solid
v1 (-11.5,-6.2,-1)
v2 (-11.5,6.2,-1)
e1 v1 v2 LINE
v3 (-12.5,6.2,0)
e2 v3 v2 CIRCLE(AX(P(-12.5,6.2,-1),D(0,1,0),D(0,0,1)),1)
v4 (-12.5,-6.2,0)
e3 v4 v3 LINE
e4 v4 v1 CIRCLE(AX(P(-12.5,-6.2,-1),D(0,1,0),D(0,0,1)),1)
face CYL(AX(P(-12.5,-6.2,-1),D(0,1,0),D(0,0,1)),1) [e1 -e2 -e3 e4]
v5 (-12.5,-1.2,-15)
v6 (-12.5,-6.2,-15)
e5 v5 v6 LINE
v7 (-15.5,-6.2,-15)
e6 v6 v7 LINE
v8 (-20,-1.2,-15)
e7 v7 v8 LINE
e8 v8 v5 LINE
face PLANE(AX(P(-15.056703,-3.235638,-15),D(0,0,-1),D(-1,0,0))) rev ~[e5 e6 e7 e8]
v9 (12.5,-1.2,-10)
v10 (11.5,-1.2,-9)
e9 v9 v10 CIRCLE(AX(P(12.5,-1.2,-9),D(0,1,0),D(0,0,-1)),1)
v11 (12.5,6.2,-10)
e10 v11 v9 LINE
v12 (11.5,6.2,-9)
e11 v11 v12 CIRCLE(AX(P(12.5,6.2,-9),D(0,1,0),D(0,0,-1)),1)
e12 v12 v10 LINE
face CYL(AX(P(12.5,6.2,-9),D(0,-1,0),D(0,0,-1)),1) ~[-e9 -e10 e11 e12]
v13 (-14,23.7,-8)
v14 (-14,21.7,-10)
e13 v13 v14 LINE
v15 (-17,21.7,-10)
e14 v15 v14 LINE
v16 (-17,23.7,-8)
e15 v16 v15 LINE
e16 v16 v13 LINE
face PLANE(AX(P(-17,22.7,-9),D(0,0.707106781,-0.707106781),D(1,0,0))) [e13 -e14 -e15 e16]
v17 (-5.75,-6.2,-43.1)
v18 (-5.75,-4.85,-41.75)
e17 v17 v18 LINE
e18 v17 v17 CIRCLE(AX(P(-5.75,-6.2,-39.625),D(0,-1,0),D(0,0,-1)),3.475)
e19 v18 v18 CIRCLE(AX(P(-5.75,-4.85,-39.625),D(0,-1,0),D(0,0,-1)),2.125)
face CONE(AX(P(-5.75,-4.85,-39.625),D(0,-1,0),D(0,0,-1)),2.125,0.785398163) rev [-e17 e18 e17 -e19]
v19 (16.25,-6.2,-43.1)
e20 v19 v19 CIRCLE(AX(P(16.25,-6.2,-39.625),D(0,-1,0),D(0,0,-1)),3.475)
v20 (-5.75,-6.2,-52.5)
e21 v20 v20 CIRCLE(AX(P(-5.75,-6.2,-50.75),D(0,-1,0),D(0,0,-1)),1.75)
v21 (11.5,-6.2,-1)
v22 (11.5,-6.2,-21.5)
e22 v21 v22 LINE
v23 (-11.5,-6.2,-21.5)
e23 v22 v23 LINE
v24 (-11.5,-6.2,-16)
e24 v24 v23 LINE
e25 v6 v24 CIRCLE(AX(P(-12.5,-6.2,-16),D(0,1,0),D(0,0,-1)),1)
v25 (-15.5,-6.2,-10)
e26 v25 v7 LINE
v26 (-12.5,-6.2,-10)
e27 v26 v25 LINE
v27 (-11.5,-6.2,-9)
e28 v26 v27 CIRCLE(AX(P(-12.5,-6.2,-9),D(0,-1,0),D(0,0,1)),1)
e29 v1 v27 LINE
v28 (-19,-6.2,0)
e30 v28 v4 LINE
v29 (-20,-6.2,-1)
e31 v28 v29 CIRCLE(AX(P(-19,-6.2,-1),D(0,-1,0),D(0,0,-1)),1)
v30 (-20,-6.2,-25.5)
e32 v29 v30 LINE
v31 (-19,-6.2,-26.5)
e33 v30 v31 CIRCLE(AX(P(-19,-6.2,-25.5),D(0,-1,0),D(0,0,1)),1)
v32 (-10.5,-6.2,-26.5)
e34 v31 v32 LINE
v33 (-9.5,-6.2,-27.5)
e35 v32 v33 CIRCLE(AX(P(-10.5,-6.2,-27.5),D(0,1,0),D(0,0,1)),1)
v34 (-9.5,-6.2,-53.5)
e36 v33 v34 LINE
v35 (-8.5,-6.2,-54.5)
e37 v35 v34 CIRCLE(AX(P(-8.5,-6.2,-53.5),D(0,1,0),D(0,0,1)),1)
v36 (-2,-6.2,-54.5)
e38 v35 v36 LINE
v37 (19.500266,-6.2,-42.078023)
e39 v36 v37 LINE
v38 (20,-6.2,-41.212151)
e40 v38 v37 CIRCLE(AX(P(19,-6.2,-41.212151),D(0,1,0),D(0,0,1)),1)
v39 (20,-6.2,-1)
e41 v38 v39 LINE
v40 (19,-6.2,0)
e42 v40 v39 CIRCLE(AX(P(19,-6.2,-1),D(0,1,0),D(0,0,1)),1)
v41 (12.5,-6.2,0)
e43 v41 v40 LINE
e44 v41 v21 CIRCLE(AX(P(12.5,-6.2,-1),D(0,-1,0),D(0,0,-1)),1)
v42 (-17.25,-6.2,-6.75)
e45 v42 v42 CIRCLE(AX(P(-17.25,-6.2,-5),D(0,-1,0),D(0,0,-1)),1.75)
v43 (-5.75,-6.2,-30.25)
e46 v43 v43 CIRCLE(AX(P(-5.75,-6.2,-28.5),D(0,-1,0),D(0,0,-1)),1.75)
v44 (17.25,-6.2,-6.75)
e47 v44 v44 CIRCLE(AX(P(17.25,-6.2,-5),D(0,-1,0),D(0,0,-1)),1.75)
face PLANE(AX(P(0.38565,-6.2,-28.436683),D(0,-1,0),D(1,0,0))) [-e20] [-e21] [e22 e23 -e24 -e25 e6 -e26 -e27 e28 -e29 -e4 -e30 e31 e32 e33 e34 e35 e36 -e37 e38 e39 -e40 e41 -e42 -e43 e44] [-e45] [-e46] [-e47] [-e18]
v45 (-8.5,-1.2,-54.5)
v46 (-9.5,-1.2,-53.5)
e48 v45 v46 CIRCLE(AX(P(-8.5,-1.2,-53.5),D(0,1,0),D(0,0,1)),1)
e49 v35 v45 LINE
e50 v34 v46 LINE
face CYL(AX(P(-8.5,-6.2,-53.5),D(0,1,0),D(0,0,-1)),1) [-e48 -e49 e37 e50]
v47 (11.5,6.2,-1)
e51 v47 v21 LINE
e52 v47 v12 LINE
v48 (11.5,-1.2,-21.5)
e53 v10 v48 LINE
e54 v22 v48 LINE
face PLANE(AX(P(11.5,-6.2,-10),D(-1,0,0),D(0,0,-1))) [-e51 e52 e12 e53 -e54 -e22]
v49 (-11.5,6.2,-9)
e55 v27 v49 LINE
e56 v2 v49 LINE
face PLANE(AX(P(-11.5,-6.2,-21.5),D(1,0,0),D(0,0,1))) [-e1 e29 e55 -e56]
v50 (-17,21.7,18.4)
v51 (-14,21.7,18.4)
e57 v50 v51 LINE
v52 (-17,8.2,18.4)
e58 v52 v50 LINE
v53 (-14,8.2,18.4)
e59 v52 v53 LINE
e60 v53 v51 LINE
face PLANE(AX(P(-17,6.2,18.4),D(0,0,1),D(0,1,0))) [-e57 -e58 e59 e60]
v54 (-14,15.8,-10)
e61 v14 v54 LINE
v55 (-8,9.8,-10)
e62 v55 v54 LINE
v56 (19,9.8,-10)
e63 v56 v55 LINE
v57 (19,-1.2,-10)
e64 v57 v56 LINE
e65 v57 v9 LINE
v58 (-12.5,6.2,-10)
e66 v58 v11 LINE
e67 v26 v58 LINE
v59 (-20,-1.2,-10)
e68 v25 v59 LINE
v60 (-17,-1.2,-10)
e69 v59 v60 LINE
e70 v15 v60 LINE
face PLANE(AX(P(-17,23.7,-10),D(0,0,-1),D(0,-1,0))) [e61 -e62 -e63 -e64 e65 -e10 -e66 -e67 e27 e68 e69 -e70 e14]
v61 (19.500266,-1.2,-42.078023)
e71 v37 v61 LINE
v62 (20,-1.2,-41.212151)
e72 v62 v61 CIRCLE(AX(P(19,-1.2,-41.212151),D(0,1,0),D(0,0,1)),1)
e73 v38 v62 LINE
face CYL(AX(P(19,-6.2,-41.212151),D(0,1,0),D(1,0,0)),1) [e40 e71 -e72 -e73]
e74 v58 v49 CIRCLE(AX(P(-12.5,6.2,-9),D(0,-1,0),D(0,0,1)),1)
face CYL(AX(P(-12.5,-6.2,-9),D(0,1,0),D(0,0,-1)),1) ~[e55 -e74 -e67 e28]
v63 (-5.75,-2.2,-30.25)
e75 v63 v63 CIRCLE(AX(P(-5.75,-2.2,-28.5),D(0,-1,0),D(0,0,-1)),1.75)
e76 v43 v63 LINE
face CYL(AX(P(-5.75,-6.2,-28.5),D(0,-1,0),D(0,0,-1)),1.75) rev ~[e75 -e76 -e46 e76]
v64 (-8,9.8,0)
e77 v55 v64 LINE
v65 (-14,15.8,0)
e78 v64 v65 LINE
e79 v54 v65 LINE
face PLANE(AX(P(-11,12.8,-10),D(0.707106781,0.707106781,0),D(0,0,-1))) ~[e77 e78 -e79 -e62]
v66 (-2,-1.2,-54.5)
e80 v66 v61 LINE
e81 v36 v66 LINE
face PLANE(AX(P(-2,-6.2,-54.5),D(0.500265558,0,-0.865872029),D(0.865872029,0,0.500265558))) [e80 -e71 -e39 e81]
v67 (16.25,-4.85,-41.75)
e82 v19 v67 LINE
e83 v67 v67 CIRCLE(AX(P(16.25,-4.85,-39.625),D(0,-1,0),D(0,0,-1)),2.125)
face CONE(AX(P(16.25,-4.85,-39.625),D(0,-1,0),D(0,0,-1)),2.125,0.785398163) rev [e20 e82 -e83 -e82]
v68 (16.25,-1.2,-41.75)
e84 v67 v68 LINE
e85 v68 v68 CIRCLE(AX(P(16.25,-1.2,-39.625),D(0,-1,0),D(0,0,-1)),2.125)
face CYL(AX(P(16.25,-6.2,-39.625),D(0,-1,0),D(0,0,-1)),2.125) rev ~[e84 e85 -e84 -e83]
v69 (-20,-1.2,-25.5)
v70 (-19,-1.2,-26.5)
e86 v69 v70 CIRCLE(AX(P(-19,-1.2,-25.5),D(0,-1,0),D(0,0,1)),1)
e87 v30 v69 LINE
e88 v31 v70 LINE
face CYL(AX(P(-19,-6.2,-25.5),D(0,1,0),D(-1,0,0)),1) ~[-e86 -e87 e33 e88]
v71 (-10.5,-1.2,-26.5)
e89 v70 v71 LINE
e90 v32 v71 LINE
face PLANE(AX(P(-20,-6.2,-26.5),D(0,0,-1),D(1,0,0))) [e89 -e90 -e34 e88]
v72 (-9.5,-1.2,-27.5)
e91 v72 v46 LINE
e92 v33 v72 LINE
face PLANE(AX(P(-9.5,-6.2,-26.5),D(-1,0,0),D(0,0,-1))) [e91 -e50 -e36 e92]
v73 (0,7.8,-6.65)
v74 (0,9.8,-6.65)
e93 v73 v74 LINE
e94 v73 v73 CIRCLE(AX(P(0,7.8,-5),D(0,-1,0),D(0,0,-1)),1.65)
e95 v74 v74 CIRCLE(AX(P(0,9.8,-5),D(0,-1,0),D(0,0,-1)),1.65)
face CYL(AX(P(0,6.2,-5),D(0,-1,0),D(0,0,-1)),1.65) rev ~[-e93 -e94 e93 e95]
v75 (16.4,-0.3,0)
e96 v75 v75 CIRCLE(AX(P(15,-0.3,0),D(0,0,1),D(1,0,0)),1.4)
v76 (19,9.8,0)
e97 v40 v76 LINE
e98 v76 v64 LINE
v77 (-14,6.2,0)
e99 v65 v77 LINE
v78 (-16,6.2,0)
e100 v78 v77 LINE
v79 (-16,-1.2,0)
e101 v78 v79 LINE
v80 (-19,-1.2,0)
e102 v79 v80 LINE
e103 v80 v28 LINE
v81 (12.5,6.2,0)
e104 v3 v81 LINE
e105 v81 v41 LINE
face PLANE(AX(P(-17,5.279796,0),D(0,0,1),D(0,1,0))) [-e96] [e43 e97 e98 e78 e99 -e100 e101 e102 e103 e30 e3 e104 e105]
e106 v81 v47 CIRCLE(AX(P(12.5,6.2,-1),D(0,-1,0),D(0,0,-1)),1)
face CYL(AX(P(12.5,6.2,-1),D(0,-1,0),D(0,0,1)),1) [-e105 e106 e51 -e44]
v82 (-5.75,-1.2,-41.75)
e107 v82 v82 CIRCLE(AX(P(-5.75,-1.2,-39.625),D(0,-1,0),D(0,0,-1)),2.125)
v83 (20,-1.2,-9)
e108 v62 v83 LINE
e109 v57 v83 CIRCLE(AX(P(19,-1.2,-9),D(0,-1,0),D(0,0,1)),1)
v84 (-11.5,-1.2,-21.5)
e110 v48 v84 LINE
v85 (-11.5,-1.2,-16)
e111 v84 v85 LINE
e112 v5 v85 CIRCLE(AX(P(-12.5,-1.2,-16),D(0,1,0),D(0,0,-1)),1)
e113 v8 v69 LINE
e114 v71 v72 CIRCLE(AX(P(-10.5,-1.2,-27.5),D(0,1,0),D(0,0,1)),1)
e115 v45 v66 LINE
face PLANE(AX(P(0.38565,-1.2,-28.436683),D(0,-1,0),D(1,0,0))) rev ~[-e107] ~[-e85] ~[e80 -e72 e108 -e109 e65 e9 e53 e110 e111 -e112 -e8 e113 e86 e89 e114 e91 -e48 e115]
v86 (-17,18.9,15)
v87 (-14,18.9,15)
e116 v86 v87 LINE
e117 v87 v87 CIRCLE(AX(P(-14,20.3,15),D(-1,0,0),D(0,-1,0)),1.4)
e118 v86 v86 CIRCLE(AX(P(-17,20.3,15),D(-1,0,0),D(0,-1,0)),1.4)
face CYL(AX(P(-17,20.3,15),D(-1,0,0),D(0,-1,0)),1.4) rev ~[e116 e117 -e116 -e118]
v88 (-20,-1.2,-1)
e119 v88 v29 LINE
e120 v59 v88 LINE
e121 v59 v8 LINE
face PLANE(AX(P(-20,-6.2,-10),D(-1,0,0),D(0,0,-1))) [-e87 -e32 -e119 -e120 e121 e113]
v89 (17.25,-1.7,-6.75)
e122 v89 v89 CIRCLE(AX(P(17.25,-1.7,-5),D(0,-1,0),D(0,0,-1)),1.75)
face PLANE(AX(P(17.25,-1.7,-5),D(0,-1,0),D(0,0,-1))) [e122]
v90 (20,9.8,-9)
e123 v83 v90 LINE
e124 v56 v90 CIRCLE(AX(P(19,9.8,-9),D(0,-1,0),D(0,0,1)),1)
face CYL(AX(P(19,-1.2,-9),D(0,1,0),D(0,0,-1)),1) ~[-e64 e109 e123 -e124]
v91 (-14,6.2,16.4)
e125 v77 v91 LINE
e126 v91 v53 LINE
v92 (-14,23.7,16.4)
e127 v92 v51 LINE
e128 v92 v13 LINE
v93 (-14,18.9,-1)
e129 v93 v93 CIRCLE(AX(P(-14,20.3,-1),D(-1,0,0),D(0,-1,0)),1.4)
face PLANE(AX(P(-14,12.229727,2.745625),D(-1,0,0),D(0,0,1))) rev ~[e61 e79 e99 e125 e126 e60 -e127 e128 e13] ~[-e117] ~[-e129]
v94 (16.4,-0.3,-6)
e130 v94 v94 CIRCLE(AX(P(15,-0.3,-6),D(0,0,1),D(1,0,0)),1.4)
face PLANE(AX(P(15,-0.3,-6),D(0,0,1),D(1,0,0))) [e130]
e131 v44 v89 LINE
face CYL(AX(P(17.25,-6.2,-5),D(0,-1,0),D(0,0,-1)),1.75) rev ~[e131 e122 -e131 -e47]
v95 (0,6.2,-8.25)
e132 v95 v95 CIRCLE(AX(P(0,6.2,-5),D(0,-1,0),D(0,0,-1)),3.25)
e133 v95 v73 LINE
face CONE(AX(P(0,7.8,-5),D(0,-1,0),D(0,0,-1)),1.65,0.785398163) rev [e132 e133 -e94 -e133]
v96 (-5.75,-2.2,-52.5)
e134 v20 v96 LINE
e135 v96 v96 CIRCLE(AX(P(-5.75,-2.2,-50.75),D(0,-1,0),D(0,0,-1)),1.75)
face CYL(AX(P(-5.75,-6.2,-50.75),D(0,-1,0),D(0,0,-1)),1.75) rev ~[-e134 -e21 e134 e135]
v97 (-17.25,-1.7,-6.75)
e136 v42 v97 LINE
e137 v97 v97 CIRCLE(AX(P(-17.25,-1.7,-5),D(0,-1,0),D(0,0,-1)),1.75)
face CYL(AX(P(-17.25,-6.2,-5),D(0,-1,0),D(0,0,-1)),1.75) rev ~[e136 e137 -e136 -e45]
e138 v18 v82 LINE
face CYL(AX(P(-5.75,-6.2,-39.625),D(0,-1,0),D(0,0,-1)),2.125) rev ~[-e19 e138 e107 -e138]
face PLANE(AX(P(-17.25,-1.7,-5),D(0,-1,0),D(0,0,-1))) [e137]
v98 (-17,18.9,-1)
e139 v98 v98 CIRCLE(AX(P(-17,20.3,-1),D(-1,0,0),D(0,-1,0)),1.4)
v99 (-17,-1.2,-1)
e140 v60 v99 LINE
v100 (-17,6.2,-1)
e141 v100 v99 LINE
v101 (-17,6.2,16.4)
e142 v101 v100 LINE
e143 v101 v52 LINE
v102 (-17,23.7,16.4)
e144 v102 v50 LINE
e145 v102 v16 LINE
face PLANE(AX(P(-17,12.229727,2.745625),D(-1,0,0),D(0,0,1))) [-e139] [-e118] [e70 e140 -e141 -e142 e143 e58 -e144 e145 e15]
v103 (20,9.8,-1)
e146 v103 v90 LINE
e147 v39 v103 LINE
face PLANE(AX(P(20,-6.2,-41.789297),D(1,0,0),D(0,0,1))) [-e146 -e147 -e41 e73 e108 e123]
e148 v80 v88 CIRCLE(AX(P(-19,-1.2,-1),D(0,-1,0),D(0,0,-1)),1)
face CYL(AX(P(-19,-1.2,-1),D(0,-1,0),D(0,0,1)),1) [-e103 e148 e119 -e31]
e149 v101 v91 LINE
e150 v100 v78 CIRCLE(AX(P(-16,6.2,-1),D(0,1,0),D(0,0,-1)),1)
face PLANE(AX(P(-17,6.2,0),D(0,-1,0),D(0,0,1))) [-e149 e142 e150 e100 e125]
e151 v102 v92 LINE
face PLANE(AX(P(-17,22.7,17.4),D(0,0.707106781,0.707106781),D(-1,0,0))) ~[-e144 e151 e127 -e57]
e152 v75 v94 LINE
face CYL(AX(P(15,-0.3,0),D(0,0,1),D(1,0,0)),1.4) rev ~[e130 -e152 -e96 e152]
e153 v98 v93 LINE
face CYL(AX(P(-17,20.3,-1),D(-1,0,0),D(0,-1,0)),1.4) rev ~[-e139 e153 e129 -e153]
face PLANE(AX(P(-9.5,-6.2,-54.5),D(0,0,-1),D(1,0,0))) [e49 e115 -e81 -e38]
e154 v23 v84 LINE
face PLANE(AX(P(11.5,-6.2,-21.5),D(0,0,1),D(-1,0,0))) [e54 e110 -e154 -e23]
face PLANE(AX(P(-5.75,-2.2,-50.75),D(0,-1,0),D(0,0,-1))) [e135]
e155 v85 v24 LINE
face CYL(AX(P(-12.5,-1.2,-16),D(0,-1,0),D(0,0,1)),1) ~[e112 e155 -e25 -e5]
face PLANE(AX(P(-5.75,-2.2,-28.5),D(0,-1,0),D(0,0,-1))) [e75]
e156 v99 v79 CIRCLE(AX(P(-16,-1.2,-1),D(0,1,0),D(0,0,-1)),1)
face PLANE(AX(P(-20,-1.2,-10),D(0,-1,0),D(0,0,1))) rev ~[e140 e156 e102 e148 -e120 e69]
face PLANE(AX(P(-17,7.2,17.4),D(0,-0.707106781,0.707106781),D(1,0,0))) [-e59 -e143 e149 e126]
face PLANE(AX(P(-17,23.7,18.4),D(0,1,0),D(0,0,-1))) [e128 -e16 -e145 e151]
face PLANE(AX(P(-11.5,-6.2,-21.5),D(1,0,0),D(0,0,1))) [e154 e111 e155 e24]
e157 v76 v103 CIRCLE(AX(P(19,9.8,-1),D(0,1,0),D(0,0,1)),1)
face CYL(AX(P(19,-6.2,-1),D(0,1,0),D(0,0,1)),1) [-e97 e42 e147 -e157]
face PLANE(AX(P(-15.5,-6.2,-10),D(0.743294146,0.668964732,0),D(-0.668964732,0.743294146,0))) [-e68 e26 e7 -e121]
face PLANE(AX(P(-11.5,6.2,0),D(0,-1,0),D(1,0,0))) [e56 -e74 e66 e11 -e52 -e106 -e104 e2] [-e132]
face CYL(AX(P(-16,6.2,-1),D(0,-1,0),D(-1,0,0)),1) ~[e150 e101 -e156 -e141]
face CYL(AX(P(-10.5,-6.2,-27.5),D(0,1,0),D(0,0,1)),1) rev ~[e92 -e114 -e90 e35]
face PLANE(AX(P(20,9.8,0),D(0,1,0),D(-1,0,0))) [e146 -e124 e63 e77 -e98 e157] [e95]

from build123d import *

# Parameters (mm, degrees)
BOSS_EXTRUDE1_DEPTH = 10
SKETCH5_R           = 1.4
CUT_EXTRUDE2_DEPTH  = 6
SKETCH4_R           = 1.75
CUT_EXTRUDE1_DEPTH  = 4.5
SKETCH6_R           = 1.75
SKETCH6_R_2         = 2.125
BOSS_EXTRUDE3_DEPTH = 5
BOSS_EXTRUDE4_START = -4
SKETCH6_3_R         = 1.75
BOSS_EXTRUDE4_DEPTH = 1
CUT_EXTRUDE3_DEPTH  = 5
SKETCH8_W           = 10
SKETCH8_H           = 11
CUT_EXTRUDE4_DEPTH  = 3
SKETCH10_R          = 1.4
BOSS_EXTRUDE5_DEPTH = 3
CHAMFER1_SIZE       = 2
FILLET1_R           = 1
CHAMFER2_SIZE       = 1.35
CHAMFER3_SIZE       = 6
SKETCH12_R          = 1.65
CUT_EXTRUDE6_DEPTH  = 61.634148794
CHAMFER4_SIZE       = 1.6


with BuildPart() as part:
    # Sketch2 → Boss-Extrude1 (new body)
    with BuildSketch(Plane.XY):
        Polygon((11.5, -6.2), (20, -6.2), (20, 9.8), (-20, 9.8), (-20, -6.2), (-11.5, -6.2), (-11.5, 6.2), (11.5, 6.2), align=None)
    extrude(amount=-BOSS_EXTRUDE1_DEPTH)

    # Sketch5 → Cut-Extrude2 (cut)
    with BuildSketch(Plane.XY):
        with Locations((15, -0.3)):
            Circle(SKETCH5_R)
    extrude(amount=-CUT_EXTRUDE2_DEPTH, mode=Mode.SUBTRACT)

    # Sketch4 → Cut-Extrude1 (cut)
    with BuildSketch(Plane.XZ.offset(6.2)):
        with Locations(Location((-17.25, -5, 0), (0, 0, 270))):
            Circle(SKETCH4_R)
        with Locations(Location((17.25, -5, 0), (0, 0, 270))):
            Circle(SKETCH4_R)
    extrude(amount=-CUT_EXTRUDE1_DEPTH, mode=Mode.SUBTRACT)

    # Sketch6 → Boss-Extrude3 (add)
    with BuildSketch(Plane.XZ.offset(6.2)):
        Polygon((-11.5, -10), (-20, -10), (-20, -26.5), (-9.5, -26.5), (-9.5, -54.5), (-2, -54.5), (20, -41.789296909), (20, -10), (11.5, -10), (11.5, -21.5), (-11.5, -21.5), align=None)
        with Locations(Location((-5.75, -28.5, 0), (0, 0, 270))):
            Circle(SKETCH6_R, mode=Mode.SUBTRACT)
        with Locations(Location((-5.75, -39.625, 0), (0, 0, 270))):
            Circle(SKETCH6_R_2, mode=Mode.SUBTRACT)
        with Locations(Location((-5.75, -50.75, 0), (0, 0, 270))):
            Circle(SKETCH6_R, mode=Mode.SUBTRACT)
        with Locations(Location((16.25, -39.625, 0), (0, 0, 270))):
            Circle(SKETCH6_R_2, mode=Mode.SUBTRACT)
    extrude(amount=-BOSS_EXTRUDE3_DEPTH)

    # Sketch6<3> → Boss-Extrude4 (add)
    with BuildSketch(Plane.XZ.offset(6.2).offset(BOSS_EXTRUDE4_START)):
        with Locations(Location((-5.75, -50.75, 0), (0, 0, 270))):
            Circle(SKETCH6_3_R)
        with Locations(Location((-5.75, -28.5, 0), (0, 0, 270))):
            Circle(SKETCH6_3_R)
    extrude(amount=-BOSS_EXTRUDE4_DEPTH)

    # Sketch7 → Cut-Extrude3 (cut)
    with BuildSketch(Plane(origin=(0, 0, -10), x_dir=(-1, 0, 0), z_dir=(0, 0, -1))):
        Polygon((11.5, -1.2), (11.5, -6.2), (15.5, -6.2), (20, -1.2), align=None)
    extrude(amount=CUT_EXTRUDE3_DEPTH, mode=Mode.SUBTRACT)

    # Sketch8 → Cut-Extrude4 (cut)
    with BuildSketch(Plane.ZY.offset(20)):
        with Locations((-5, 4.3)):
            Rectangle(SKETCH8_W, SKETCH8_H)
    extrude(amount=-CUT_EXTRUDE4_DEPTH, mode=Mode.SUBTRACT)

    # Sketch10 → Boss-Extrude5 (add)
    with BuildSketch(Plane.ZY.offset(17)):
        with BuildLine():
            Line((0, 6.2), (18.4, 6.2))
            Line((18.4, 6.2), (18.4, 23.7))
            Line((18.4, 23.7), (-10, 23.7))
            Line((-10, 23.7), (-10, -1.2))
            Line((-10, -1.2), (0, -1.2))
            Line((0, -1.2), (0, 3.320204103))
            ThreePointArc((0, 3.320204103), (-2.4, 4.3), (0, 5.279795897))
            Line((0, 5.279795897), (0, 6.2))
        make_face()
        with Locations(Location((-1, 20.3, 0), (0, 0, 270))):
            Circle(SKETCH10_R, mode=Mode.SUBTRACT)
        with Locations(Location((15, 20.3, 0), (0, 0, 270))):
            Circle(SKETCH10_R, mode=Mode.SUBTRACT)
    extrude(amount=-BOSS_EXTRUDE5_DEPTH)

    # Chamfer1
    chamfer1_edges = [part.edges().sort_by_distance(p)[0] for p in [
        (-15.5, 6.2, 18.4),
        (-15.5, 23.7, -10),
        (-15.5, 23.7, 18.4),
    ]]
    chamfer(chamfer1_edges, length=CHAMFER1_SIZE)

    # Fillet1
    fillet1_edges = [part.edges().sort_by_distance(p)[0] for p in [
        (-11.5, -3.7, -15),
        (20, 1.8, 0),
        (-20, -3.7, 0),
        (11.5, 0, 0),
        (-17, 2.5, 0),
        (-11.5, 0, -10),
        (20, 4.3, -10),
        (-9.5, -3.7, -54.5),
        (-9.5, -3.7, -26.5),
        (-20, -3.7, -26.5),
        (20, -3.7, -41.789296909),
        (11.5, 2.5, -10),
        (-11.5, 0, 0),
    ]]
    fillet(fillet1_edges, radius=FILLET1_R)

    # Chamfer2
    chamfer2_edges = [part.edges().sort_by_distance(p)[0] for p in [
        (-5.75, -6.2, -37.5),
        (16.25, -6.2, -37.5),
    ]]
    chamfer(chamfer2_edges, length=CHAMFER2_SIZE)

    # Chamfer3
    chamfer3_edges = [part.edges().sort_by_distance(p)[0] for p in [
        (-14, 9.8, -5),
    ]]
    chamfer(chamfer3_edges, length=CHAMFER3_SIZE)

    # Sketch12 → Cut-Extrude6 (cut, through all)
    with BuildSketch(Plane.XZ.offset(-6.2)):
        with Locations(Location((0, -5, 0), (0, 0, 270))):
            Circle(SKETCH12_R)
    extrude(amount=-CUT_EXTRUDE6_DEPTH, mode=Mode.SUBTRACT)

    # Chamfer4
    chamfer4_edges = [part.edges().sort_by_distance(p)[0] for p in [
        (0, 6.2, -3.35),
    ]]
    chamfer(chamfer4_edges, length=CHAMFER4_SIZE)


solid = part.part
